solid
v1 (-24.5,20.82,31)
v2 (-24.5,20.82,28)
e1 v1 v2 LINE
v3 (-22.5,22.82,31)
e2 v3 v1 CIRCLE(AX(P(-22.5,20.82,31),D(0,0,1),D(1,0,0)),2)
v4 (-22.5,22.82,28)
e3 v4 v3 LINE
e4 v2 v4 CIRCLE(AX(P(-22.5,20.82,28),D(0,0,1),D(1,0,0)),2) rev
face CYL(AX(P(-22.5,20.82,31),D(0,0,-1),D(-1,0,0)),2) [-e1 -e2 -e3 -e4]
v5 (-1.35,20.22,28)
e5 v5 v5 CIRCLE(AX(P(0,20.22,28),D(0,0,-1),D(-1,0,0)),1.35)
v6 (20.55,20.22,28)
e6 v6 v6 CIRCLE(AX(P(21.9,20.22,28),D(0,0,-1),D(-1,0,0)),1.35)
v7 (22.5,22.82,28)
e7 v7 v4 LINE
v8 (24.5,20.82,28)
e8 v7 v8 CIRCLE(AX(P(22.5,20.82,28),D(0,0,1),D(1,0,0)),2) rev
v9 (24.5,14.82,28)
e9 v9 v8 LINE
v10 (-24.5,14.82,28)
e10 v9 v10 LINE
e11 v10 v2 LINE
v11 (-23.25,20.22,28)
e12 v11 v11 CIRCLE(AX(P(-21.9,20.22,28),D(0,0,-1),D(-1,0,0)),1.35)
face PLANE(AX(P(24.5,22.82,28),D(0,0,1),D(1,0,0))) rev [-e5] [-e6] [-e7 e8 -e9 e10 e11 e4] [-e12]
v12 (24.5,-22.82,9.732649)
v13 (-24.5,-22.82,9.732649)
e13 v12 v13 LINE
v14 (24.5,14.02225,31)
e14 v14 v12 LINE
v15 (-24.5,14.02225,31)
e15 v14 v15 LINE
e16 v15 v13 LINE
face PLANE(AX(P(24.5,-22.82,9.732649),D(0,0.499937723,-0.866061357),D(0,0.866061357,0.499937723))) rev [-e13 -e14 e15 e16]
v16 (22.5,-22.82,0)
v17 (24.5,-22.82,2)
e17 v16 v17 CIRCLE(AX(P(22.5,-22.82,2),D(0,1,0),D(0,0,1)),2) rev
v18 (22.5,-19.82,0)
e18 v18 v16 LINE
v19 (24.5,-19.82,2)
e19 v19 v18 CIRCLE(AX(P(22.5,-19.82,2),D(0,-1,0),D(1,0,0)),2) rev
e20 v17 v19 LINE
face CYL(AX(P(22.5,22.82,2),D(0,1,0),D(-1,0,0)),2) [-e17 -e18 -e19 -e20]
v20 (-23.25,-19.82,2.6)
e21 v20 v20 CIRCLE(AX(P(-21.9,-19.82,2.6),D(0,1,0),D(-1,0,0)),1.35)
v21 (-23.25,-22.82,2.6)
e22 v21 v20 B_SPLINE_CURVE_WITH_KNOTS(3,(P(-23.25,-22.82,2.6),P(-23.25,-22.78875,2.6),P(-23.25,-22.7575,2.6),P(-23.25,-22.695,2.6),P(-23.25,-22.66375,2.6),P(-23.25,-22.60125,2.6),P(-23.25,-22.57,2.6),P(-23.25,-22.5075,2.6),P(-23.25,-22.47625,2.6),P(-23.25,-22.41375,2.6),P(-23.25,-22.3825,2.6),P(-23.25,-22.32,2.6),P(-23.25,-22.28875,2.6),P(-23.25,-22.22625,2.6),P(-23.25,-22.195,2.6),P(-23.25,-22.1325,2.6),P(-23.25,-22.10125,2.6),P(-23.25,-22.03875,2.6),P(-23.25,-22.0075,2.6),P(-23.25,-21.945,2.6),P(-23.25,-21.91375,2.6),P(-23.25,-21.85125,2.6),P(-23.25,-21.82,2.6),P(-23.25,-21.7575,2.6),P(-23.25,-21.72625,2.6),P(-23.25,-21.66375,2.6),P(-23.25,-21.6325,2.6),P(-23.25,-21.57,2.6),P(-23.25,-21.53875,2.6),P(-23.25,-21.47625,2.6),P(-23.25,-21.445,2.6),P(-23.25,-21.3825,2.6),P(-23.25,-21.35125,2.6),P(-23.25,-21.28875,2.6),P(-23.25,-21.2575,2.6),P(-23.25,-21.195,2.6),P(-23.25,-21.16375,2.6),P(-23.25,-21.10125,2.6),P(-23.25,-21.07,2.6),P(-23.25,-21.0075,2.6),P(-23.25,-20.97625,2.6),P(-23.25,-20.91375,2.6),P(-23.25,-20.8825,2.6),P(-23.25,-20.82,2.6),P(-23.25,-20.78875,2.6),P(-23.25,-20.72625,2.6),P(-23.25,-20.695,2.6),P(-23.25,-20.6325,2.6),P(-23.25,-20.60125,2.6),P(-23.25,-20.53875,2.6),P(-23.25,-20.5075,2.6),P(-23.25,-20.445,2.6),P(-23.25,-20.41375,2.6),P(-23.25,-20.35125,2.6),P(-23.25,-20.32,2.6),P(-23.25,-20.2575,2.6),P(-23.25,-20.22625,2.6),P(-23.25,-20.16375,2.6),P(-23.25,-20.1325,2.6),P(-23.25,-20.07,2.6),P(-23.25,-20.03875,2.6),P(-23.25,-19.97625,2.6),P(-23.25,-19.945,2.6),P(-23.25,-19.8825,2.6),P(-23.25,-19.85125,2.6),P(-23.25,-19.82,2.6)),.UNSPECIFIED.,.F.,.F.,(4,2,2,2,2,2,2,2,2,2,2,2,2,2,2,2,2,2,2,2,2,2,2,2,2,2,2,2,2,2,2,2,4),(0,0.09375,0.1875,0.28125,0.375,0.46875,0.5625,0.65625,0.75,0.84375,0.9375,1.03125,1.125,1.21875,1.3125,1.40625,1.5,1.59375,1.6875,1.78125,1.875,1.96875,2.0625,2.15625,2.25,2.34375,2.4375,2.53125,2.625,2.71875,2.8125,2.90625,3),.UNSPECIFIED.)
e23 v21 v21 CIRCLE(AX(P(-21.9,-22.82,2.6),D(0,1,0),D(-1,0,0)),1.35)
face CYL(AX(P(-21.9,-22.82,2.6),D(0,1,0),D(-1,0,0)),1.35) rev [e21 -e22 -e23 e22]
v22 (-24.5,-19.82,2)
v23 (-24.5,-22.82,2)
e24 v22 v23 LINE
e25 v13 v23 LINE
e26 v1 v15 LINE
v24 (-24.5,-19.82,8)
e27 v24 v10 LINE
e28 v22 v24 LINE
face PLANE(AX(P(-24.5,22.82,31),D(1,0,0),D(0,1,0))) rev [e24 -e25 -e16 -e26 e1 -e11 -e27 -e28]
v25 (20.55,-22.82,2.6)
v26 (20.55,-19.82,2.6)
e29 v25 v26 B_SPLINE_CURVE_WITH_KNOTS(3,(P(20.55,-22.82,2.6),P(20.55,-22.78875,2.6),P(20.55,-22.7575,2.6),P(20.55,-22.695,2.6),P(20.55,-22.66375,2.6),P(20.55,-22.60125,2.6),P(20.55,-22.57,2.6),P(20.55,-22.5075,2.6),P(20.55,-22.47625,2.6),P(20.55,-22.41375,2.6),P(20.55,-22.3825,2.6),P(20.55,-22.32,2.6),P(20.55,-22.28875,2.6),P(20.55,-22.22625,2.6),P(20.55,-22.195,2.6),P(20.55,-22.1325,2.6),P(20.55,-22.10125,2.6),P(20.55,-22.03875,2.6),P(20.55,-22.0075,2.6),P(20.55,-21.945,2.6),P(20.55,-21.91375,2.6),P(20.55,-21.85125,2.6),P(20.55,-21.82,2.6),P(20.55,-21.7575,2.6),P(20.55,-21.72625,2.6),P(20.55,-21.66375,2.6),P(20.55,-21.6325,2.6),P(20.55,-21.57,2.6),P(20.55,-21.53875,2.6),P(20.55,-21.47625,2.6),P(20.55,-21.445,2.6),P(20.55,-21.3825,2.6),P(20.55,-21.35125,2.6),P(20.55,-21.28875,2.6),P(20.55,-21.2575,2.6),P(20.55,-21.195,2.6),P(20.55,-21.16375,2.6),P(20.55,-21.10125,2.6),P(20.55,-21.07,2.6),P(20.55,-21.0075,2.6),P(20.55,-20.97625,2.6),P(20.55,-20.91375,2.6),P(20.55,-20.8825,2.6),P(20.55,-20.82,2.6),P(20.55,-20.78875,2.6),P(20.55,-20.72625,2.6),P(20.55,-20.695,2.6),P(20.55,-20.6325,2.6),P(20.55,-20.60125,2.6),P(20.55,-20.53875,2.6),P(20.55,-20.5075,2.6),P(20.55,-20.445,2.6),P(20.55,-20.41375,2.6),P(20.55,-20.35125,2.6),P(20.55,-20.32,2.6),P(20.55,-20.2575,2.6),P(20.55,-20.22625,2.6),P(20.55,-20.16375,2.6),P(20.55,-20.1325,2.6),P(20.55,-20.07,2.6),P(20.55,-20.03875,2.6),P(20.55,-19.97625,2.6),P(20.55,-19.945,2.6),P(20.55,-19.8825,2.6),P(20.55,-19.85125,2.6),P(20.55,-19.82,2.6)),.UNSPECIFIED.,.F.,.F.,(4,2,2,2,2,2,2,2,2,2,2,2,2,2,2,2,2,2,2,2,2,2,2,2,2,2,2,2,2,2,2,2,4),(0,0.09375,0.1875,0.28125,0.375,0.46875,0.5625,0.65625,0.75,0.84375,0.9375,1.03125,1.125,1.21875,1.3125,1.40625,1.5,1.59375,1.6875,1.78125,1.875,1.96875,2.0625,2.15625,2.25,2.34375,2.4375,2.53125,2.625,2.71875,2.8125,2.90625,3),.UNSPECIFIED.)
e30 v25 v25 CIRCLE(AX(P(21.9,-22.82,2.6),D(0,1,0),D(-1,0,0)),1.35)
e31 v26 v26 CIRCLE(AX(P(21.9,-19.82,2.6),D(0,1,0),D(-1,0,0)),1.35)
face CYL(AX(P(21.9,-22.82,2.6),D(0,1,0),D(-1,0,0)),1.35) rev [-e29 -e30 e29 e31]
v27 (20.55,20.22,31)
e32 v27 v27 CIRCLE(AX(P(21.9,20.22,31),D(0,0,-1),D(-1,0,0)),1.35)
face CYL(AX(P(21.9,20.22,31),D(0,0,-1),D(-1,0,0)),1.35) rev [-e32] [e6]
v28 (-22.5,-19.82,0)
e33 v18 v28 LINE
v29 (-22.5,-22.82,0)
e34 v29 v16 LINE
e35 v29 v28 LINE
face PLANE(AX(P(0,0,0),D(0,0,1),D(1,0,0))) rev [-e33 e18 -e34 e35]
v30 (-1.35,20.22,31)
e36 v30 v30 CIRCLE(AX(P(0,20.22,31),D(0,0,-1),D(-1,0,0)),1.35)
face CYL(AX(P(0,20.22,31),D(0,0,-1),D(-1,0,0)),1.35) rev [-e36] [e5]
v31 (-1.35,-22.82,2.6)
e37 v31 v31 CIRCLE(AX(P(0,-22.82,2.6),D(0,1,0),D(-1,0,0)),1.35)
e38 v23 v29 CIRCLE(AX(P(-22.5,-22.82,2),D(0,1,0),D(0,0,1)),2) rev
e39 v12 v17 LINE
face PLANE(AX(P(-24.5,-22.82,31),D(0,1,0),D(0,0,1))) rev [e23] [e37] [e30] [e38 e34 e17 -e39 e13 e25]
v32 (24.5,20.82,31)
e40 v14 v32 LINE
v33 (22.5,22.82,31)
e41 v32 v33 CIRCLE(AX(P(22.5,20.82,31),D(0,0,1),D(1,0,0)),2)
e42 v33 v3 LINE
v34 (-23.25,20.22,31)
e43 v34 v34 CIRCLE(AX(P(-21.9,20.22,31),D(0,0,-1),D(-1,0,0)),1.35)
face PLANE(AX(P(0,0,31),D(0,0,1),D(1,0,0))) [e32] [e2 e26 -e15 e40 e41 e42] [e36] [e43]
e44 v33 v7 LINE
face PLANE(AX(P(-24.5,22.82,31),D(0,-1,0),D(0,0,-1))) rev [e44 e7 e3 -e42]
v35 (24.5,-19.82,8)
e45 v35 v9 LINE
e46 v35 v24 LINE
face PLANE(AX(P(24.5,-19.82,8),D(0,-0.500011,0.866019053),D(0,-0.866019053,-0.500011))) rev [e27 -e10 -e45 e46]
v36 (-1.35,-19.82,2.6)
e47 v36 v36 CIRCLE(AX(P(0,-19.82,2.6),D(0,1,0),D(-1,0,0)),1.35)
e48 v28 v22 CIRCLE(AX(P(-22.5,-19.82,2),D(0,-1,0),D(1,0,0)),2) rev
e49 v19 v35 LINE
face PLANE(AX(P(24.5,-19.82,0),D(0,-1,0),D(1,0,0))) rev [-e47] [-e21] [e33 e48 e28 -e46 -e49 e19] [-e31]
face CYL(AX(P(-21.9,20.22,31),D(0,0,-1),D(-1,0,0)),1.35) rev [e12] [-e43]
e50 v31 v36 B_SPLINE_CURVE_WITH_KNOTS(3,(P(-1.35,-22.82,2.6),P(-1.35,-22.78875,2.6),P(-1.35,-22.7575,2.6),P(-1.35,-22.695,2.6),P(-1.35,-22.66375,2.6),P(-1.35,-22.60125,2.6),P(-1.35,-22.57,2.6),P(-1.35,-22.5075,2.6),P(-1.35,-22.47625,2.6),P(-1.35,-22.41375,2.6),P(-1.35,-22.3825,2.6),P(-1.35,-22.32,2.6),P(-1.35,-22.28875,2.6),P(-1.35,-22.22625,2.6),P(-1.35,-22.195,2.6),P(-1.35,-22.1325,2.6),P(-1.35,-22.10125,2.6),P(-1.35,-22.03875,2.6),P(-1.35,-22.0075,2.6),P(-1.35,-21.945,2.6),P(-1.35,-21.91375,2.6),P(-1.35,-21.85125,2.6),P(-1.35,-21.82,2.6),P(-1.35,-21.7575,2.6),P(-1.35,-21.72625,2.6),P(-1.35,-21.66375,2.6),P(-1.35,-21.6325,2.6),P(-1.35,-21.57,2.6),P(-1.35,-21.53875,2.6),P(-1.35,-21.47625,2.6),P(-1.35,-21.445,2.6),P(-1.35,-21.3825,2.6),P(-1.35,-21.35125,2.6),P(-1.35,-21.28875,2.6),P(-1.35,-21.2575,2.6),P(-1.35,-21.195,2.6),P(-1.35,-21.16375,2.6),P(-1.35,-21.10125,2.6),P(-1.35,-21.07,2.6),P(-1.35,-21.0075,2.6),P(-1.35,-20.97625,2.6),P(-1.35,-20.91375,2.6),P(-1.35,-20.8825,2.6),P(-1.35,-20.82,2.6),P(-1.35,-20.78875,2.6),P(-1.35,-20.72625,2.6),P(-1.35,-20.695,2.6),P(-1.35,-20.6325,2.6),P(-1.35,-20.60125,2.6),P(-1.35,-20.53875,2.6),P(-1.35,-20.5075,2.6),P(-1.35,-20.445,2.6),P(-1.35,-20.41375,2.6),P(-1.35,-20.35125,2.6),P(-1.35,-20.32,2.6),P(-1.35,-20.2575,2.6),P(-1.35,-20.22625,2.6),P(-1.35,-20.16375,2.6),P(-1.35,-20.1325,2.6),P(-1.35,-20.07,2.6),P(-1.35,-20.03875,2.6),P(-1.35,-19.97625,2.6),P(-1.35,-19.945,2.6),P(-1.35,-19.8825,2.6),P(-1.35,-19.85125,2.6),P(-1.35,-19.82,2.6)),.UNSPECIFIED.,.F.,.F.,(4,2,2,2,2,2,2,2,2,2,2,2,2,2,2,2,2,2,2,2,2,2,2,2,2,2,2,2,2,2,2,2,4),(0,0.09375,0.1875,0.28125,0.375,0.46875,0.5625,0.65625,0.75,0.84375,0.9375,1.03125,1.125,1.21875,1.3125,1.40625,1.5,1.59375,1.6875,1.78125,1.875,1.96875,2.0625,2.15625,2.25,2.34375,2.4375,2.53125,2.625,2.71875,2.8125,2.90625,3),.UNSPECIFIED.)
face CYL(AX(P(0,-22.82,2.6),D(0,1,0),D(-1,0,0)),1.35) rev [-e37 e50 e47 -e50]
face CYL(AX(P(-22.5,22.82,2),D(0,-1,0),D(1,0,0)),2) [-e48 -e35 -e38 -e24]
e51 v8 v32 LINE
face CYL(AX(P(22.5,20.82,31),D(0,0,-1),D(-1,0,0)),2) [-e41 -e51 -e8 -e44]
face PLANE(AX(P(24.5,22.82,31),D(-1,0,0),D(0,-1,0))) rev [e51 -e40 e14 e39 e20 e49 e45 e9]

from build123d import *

# Parameters (mm, degrees)
ESBO_O1_W                = 49
ESBO_O1_H                = 45.64
RESSALTO_EXTRUS_O1_DEPTH = 31
CORTE_EXTRUS_O1_DEPTH    = 63.311735652
CORTE_EXTRUS_O2_DEPTH    = 63.311735652
ESBO_O5_R                = 1.35
CORTE_EXTRUS_O4_DEPTH    = 59.132775609
ESBO_O6_R                = 1.35
CORTE_EXTRUS_O5_DEPTH    = 44.646333179
FILETE1_R                = 2


with BuildPart() as part:
    # Esboço1 → Ressalto-extrusão1 (new body)
    with BuildSketch(Plane.XY):
        Rectangle(ESBO_O1_W, ESBO_O1_H)
    extrude(amount=RESSALTO_EXTRUS_O1_DEPTH)

    # Esboço2 → Corte-extrusão1 (cut, through all)
    with BuildSketch(Plane.ZY.offset(24.5)):
        Polygon((9.732649273, -22.82), (31, -22.82), (31, 14.022250108), align=None)
    extrude(amount=-CORTE_EXTRUS_O1_DEPTH, mode=Mode.SUBTRACT)

    # Esboço3 → Corte-extrusão2 (cut, through all)
    with BuildSketch(Plane.ZY.offset(24.5)):
        Polygon((0, -19.82), (8, -19.82), (28, 14.82), (28, 22.82), (0, 22.82), align=None)
    extrude(amount=-CORTE_EXTRUS_O2_DEPTH, mode=Mode.SUBTRACT)

    # Esboço5 → Corte-extrusão4 (cut, through all)
    with BuildSketch(Plane(origin=(0, -19.82, 0), x_dir=(1, 0, 0), z_dir=(0, 1, 0))):
        with Locations(Location((21.9, -2.6, 0), (0, 0, 180))):
            Circle(ESBO_O5_R)
        with Locations(Location((0, -2.6, 0), (0, 0, 180))):
            Circle(ESBO_O5_R)
        with Locations(Location((-21.9, -2.6, 0), (0, 0, 180))):
            Circle(ESBO_O5_R)
    extrude(amount=-CORTE_EXTRUS_O4_DEPTH, mode=Mode.SUBTRACT)

    # Esboço6 → Corte-extrusão5 (cut, through all)
    with BuildSketch(Plane(origin=(0, 0, 28), x_dir=(-1, 0, 0), z_dir=(0, 0, -1))):
        with Locations((21.9, 20.22)):
            Circle(ESBO_O6_R)
        with Locations((0, 20.22)):
            Circle(ESBO_O6_R)
        with Locations((-21.9, 20.22)):
            Circle(ESBO_O6_R)
    extrude(amount=-CORTE_EXTRUS_O5_DEPTH, mode=Mode.SUBTRACT)

    # Filete1
    filete1_edges = [part.edges().sort_by_distance(p)[0] for p in [
        (-24.5, -21.32, 0),
        (24.5, -21.32, 0),
        (-24.5, 22.82, 29.5),
        (24.5, 22.82, 29.5),
    ]]
    fillet(filete1_edges, radius=FILETE1_R)


solid = part.part
